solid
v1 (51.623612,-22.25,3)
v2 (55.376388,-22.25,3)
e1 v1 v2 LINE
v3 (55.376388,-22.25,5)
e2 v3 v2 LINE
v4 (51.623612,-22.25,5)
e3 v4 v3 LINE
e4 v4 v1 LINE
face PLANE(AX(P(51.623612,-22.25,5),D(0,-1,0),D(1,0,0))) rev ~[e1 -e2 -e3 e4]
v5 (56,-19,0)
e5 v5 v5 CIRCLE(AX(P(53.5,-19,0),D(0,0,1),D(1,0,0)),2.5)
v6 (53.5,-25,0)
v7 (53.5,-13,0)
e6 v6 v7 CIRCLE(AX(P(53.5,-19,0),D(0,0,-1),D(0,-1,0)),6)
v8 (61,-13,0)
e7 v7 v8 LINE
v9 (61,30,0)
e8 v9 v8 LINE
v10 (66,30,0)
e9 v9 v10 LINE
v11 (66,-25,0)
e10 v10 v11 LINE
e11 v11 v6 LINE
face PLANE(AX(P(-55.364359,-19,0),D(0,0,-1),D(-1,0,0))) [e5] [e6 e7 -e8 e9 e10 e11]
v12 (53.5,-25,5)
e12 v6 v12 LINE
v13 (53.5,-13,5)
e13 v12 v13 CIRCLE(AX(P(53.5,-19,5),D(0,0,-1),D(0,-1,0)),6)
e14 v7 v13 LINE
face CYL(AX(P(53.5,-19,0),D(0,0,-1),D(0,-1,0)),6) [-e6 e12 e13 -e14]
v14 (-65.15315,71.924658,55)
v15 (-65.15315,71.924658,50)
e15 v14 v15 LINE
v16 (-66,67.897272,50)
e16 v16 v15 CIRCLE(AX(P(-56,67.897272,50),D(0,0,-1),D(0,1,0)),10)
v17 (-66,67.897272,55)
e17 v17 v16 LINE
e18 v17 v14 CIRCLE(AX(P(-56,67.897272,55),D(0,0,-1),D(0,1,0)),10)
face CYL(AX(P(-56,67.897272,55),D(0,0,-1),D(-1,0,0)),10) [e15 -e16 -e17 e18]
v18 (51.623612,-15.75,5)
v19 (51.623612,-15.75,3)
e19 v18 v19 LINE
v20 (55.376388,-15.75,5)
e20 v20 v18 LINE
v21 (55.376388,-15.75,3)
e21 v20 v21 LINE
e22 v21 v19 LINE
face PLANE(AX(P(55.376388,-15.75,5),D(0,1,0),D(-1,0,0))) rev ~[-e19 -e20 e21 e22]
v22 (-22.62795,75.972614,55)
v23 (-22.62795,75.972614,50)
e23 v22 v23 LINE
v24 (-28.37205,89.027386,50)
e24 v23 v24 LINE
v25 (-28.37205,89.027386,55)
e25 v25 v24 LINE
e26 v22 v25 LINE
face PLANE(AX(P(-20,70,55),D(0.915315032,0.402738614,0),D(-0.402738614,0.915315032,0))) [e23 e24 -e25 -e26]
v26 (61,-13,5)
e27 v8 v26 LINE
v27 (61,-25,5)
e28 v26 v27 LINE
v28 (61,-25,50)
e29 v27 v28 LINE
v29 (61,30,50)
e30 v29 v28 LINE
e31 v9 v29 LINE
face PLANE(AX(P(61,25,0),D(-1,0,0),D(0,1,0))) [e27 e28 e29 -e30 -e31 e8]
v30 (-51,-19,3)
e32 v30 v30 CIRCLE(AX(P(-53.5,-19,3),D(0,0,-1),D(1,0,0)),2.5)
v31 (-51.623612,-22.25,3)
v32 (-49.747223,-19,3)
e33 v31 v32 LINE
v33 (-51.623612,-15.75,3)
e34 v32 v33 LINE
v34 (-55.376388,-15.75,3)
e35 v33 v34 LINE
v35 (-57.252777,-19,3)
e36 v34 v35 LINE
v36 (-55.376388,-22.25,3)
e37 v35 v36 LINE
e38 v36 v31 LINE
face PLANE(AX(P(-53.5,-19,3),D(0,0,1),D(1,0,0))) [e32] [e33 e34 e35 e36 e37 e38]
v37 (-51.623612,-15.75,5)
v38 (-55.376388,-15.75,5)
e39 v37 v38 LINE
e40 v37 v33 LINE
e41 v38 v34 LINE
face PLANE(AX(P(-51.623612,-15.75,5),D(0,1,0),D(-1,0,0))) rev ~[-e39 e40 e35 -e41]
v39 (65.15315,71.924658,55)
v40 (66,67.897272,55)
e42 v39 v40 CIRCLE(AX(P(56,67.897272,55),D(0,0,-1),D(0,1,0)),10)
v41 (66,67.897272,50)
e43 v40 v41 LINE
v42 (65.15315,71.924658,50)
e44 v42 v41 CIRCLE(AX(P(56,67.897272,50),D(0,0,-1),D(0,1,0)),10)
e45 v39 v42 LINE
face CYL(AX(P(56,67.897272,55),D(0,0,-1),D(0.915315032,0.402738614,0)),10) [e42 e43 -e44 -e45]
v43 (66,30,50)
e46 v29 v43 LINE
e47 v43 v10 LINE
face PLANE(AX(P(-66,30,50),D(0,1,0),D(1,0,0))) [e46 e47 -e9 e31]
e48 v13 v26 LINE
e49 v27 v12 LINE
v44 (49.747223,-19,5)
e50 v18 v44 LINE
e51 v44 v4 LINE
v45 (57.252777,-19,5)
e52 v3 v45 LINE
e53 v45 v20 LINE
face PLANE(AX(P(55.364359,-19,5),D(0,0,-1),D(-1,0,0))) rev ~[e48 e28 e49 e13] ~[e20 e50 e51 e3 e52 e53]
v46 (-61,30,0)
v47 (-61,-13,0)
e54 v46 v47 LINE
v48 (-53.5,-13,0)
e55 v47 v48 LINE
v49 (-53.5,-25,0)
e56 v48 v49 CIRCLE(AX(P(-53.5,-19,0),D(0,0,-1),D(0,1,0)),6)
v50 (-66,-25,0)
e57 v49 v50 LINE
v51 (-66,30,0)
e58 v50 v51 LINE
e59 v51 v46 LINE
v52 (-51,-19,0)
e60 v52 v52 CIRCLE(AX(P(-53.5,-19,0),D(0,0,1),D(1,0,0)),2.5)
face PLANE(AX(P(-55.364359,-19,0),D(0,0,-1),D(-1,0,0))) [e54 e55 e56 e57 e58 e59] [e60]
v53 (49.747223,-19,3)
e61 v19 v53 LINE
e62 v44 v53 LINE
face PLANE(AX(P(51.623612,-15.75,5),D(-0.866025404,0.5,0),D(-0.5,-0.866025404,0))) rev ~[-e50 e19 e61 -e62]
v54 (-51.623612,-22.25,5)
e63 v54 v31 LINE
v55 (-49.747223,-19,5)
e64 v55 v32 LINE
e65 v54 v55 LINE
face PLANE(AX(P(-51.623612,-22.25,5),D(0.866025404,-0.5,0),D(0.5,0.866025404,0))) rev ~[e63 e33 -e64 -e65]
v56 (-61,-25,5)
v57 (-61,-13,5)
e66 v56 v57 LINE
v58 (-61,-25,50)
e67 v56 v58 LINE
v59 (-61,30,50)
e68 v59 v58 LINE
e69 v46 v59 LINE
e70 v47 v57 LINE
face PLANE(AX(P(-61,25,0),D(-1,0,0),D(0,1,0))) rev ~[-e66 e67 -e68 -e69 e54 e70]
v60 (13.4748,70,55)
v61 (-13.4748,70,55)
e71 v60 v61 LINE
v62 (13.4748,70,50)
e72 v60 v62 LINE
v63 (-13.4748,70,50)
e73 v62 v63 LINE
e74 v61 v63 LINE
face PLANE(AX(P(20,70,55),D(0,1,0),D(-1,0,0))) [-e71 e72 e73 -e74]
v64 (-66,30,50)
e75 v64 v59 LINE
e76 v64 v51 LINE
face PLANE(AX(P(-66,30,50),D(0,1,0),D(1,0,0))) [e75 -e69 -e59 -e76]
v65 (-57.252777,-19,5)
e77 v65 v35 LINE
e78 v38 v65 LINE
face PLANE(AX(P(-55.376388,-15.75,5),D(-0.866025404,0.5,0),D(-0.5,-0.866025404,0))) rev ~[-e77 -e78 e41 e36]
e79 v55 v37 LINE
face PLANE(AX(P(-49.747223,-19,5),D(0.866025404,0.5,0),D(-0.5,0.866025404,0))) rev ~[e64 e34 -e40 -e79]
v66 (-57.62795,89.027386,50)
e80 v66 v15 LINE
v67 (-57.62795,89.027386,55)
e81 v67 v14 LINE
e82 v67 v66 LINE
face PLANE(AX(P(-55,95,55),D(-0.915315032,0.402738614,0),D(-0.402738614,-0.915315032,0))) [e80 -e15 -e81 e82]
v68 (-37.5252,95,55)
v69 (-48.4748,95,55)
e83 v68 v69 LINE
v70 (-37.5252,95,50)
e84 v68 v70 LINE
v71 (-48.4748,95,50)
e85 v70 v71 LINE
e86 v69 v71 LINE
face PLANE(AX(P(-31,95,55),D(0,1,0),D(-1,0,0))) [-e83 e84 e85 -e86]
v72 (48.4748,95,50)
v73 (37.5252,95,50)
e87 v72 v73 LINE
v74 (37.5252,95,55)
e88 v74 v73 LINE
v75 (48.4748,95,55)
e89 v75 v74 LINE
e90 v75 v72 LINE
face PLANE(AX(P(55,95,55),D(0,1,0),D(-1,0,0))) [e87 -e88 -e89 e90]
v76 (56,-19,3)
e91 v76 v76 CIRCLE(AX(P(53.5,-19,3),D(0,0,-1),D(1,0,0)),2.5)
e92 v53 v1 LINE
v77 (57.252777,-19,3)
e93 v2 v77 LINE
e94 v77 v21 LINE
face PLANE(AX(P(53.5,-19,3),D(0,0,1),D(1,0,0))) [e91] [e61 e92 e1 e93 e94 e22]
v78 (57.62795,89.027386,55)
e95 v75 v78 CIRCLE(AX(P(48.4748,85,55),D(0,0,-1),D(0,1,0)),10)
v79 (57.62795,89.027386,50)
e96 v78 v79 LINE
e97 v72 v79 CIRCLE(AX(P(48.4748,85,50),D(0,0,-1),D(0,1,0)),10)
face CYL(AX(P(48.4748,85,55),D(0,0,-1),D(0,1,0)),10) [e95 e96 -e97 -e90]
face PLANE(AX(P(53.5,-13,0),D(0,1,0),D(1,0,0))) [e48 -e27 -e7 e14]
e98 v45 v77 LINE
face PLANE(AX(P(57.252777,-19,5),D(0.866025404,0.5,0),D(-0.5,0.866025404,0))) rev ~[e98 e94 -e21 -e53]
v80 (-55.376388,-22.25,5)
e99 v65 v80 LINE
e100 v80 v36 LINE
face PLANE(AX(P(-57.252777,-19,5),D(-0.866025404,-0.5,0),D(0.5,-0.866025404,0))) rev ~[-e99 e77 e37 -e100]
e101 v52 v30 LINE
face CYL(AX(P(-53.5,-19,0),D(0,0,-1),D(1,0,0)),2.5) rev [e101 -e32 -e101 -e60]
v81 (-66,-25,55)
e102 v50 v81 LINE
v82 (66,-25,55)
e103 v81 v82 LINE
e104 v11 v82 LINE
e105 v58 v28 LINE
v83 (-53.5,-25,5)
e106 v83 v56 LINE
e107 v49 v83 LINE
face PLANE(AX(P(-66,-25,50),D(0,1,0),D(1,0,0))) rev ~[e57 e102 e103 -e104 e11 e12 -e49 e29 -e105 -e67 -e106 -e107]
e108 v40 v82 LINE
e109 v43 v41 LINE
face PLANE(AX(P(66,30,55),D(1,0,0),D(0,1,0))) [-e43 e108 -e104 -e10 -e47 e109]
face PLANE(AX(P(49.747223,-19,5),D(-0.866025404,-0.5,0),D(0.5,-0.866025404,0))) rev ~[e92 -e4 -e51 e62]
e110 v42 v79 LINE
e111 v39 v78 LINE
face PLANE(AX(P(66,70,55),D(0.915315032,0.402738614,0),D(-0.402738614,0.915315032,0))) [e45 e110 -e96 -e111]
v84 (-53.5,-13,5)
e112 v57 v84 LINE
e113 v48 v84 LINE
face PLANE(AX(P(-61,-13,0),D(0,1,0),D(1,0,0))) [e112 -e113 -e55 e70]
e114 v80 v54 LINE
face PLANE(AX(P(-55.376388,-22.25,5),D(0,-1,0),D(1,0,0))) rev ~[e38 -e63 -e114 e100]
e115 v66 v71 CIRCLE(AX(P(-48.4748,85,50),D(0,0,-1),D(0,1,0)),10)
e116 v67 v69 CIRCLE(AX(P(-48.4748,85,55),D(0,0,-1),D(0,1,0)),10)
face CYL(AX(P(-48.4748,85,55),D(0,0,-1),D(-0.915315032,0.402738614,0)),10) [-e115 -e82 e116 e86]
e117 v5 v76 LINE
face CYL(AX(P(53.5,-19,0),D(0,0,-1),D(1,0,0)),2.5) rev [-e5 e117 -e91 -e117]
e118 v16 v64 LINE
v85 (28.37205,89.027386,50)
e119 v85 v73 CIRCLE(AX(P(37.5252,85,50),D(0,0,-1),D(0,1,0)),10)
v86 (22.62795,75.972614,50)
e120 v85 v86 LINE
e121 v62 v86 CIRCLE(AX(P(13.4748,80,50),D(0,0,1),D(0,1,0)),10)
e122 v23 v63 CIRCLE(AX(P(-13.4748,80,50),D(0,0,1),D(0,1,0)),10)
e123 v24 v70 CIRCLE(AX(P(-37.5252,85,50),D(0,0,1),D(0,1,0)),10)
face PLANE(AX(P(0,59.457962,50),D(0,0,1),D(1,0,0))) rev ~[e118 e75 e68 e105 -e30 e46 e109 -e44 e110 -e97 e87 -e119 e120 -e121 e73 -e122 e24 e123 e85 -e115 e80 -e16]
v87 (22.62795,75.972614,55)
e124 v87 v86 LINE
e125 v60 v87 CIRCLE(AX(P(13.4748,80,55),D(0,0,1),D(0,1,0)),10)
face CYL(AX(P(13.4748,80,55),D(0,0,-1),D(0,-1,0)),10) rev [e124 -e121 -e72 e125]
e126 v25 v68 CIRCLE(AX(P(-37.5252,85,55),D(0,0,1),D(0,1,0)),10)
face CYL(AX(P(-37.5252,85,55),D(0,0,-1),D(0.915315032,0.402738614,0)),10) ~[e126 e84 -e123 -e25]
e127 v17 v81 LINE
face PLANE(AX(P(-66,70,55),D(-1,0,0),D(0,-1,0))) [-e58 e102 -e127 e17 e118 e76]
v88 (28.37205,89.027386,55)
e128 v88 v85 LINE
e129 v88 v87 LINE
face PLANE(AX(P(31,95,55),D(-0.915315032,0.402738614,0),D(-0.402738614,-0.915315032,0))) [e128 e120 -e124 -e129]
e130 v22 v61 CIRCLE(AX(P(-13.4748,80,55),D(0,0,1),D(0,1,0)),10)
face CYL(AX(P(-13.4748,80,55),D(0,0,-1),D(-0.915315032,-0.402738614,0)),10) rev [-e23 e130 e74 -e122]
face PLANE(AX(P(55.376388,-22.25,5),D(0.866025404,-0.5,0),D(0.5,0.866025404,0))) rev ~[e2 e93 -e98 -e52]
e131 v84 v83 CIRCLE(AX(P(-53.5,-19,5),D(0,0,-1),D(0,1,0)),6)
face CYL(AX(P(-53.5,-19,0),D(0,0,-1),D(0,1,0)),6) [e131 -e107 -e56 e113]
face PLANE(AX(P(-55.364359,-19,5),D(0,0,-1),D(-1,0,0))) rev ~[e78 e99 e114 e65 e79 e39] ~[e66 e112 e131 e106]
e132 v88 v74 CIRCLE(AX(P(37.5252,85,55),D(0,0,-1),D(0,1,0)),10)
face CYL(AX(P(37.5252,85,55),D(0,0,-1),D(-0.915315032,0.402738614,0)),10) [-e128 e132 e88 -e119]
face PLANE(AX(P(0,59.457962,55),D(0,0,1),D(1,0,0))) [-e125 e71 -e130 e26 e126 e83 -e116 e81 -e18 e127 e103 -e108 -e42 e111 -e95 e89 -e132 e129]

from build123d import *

# Parameters (mm, degrees)
EXTRUDE_1_DEPTH     = 50
SKETCH_2_R          = 2.5
EXTRUDE_2_DEPTH     = 5
CUT_EXTRUDE_2_DEPTH = 2
SKETCH_7_W          = 132
SKETCH_7_H          = 55
EXTRUDE_3_DEPTH     = 5
SKETCH_8_W          = 122
SKETCH_8_H          = 5
CUT_EXTRUDE_3_DEPTH = 50
EXTRUDE_4_DEPTH     = 5
FILLET_1_R          = 10
FILLET_2_R          = 10
FILLET_3_R          = 10
FILLET_4_R          = 10
FILLET_5_R          = 10
FILLET_6_R          = 10
FILLET_7_R          = 10
FILLET_8_R          = 10


with BuildPart() as part:
    # 草图1 → 凸台-拉伸1 (new body)
    with BuildSketch(Plane.XY):
        Polygon((-66, 30), (66, 30), (66, -25), (61, -25), (61, 25), (-61, 25), (-61, -25), (-66, -25), align=None)
    extrude(amount=EXTRUDE_1_DEPTH)

    # 草图2 → 凸台-拉伸2 (add)
    # profile 1 of 2: a face of its own
    with BuildSketch(Plane.XY):
        with BuildLine():
            Line((-61, -13), (-53.5, -13))
            ThreePointArc((-53.5, -13), (-47.5, -19), (-53.5, -25))
            Line((-53.5, -25), (-61, -25))
            Line((-61, -25), (-61, -13))
        make_face()
        with Locations((-53.5, -19)):
            Circle(SKETCH_2_R, mode=Mode.SUBTRACT)
    # profile 2 of 2: a face of its own
    with BuildSketch(Plane.XY):
        with BuildLine():
            Line((61, -25), (53.5, -25))
            ThreePointArc((53.5, -25), (47.5, -19), (53.5, -13))
            Line((53.5, -13), (61, -13))
            Line((61, -13), (61, -25))
        make_face()
        with Locations((53.5, -19)):
            Circle(SKETCH_2_R, mode=Mode.SUBTRACT)
    extrude(amount=EXTRUDE_2_DEPTH)

    # 草图6 → 切除-拉伸2 (cut)
    with BuildSketch(Plane.XY.offset(5)):
        Polygon((-49.74722325, -19), (-51.623611625, -15.75), (-55.376388375, -15.75), (-57.25277675, -19), (-55.376388375, -22.25), (-51.623611625, -22.25), align=None)
        Polygon((57.25277675, -19), (55.376388375, -15.75), (51.623611625, -15.75), (49.74722325, -19), (51.623611625, -22.25), (55.376388375, -22.25), align=None)
    extrude(amount=-CUT_EXTRUDE_2_DEPTH, mode=Mode.SUBTRACT)

    # 草图7 → 凸台-拉伸3 (add)
    with BuildSketch(Plane.XY.offset(50)):
        with Locations((0, 2.5)):
            Rectangle(SKETCH_7_W, SKETCH_7_H)
    extrude(amount=EXTRUDE_3_DEPTH)

    # 草图8 → 切除-拉伸3 (cut)
    with BuildSketch(Plane(origin=(0, 0, 0), x_dir=(-1, 0, 0), z_dir=(0, 0, -1))):
        with Locations((0, 27.5)):
            Rectangle(SKETCH_8_W, SKETCH_8_H)
    extrude(amount=-CUT_EXTRUDE_3_DEPTH, mode=Mode.SUBTRACT)

    # 草图9 → 凸台-拉伸4 (add)
    with BuildSketch(Plane.XY.offset(55)):
        Polygon((-66, 30), (66, 30), (66, 70), (55, 95), (31, 95), (20, 70), (-20, 70), (-31, 95), (-55, 95), (-66, 70), align=None)
    extrude(amount=-EXTRUDE_4_DEPTH)

    # 圆角1
    fillet_1_edges = [part.edges().sort_by_distance(p)[0] for p in [
        (-66, 70, 52.5),
    ]]
    fillet(fillet_1_edges, radius=FILLET_1_R)

    # 圆角2
    fillet_2_edges = [part.edges().sort_by_distance(p)[0] for p in [
        (-55, 95, 52.5),
    ]]
    fillet(fillet_2_edges, radius=FILLET_2_R)

    # 圆角3
    fillet_3_edges = [part.edges().sort_by_distance(p)[0] for p in [
        (66, 70, 52.5),
    ]]
    fillet(fillet_3_edges, radius=FILLET_3_R)

    # 圆角4
    fillet_4_edges = [part.edges().sort_by_distance(p)[0] for p in [
        (-31, 95, 52.5),
    ]]
    fillet(fillet_4_edges, radius=FILLET_4_R)

    # 圆角5
    fillet_5_edges = [part.edges().sort_by_distance(p)[0] for p in [
        (-20, 70, 52.5),
    ]]
    fillet(fillet_5_edges, radius=FILLET_5_R)

    # 圆角6
    fillet_6_edges = [part.edges().sort_by_distance(p)[0] for p in [
        (20, 70, 52.5),
    ]]
    fillet(fillet_6_edges, radius=FILLET_6_R)

    # 圆角7
    fillet_7_edges = [part.edges().sort_by_distance(p)[0] for p in [
        (31, 95, 52.5),
    ]]
    fillet(fillet_7_edges, radius=FILLET_7_R)

    # 圆角8
    fillet_8_edges = [part.edges().sort_by_distance(p)[0] for p in [
        (55, 95, 52.5),
    ]]
    fillet(fillet_8_edges, radius=FILLET_8_R)


solid = part.part
